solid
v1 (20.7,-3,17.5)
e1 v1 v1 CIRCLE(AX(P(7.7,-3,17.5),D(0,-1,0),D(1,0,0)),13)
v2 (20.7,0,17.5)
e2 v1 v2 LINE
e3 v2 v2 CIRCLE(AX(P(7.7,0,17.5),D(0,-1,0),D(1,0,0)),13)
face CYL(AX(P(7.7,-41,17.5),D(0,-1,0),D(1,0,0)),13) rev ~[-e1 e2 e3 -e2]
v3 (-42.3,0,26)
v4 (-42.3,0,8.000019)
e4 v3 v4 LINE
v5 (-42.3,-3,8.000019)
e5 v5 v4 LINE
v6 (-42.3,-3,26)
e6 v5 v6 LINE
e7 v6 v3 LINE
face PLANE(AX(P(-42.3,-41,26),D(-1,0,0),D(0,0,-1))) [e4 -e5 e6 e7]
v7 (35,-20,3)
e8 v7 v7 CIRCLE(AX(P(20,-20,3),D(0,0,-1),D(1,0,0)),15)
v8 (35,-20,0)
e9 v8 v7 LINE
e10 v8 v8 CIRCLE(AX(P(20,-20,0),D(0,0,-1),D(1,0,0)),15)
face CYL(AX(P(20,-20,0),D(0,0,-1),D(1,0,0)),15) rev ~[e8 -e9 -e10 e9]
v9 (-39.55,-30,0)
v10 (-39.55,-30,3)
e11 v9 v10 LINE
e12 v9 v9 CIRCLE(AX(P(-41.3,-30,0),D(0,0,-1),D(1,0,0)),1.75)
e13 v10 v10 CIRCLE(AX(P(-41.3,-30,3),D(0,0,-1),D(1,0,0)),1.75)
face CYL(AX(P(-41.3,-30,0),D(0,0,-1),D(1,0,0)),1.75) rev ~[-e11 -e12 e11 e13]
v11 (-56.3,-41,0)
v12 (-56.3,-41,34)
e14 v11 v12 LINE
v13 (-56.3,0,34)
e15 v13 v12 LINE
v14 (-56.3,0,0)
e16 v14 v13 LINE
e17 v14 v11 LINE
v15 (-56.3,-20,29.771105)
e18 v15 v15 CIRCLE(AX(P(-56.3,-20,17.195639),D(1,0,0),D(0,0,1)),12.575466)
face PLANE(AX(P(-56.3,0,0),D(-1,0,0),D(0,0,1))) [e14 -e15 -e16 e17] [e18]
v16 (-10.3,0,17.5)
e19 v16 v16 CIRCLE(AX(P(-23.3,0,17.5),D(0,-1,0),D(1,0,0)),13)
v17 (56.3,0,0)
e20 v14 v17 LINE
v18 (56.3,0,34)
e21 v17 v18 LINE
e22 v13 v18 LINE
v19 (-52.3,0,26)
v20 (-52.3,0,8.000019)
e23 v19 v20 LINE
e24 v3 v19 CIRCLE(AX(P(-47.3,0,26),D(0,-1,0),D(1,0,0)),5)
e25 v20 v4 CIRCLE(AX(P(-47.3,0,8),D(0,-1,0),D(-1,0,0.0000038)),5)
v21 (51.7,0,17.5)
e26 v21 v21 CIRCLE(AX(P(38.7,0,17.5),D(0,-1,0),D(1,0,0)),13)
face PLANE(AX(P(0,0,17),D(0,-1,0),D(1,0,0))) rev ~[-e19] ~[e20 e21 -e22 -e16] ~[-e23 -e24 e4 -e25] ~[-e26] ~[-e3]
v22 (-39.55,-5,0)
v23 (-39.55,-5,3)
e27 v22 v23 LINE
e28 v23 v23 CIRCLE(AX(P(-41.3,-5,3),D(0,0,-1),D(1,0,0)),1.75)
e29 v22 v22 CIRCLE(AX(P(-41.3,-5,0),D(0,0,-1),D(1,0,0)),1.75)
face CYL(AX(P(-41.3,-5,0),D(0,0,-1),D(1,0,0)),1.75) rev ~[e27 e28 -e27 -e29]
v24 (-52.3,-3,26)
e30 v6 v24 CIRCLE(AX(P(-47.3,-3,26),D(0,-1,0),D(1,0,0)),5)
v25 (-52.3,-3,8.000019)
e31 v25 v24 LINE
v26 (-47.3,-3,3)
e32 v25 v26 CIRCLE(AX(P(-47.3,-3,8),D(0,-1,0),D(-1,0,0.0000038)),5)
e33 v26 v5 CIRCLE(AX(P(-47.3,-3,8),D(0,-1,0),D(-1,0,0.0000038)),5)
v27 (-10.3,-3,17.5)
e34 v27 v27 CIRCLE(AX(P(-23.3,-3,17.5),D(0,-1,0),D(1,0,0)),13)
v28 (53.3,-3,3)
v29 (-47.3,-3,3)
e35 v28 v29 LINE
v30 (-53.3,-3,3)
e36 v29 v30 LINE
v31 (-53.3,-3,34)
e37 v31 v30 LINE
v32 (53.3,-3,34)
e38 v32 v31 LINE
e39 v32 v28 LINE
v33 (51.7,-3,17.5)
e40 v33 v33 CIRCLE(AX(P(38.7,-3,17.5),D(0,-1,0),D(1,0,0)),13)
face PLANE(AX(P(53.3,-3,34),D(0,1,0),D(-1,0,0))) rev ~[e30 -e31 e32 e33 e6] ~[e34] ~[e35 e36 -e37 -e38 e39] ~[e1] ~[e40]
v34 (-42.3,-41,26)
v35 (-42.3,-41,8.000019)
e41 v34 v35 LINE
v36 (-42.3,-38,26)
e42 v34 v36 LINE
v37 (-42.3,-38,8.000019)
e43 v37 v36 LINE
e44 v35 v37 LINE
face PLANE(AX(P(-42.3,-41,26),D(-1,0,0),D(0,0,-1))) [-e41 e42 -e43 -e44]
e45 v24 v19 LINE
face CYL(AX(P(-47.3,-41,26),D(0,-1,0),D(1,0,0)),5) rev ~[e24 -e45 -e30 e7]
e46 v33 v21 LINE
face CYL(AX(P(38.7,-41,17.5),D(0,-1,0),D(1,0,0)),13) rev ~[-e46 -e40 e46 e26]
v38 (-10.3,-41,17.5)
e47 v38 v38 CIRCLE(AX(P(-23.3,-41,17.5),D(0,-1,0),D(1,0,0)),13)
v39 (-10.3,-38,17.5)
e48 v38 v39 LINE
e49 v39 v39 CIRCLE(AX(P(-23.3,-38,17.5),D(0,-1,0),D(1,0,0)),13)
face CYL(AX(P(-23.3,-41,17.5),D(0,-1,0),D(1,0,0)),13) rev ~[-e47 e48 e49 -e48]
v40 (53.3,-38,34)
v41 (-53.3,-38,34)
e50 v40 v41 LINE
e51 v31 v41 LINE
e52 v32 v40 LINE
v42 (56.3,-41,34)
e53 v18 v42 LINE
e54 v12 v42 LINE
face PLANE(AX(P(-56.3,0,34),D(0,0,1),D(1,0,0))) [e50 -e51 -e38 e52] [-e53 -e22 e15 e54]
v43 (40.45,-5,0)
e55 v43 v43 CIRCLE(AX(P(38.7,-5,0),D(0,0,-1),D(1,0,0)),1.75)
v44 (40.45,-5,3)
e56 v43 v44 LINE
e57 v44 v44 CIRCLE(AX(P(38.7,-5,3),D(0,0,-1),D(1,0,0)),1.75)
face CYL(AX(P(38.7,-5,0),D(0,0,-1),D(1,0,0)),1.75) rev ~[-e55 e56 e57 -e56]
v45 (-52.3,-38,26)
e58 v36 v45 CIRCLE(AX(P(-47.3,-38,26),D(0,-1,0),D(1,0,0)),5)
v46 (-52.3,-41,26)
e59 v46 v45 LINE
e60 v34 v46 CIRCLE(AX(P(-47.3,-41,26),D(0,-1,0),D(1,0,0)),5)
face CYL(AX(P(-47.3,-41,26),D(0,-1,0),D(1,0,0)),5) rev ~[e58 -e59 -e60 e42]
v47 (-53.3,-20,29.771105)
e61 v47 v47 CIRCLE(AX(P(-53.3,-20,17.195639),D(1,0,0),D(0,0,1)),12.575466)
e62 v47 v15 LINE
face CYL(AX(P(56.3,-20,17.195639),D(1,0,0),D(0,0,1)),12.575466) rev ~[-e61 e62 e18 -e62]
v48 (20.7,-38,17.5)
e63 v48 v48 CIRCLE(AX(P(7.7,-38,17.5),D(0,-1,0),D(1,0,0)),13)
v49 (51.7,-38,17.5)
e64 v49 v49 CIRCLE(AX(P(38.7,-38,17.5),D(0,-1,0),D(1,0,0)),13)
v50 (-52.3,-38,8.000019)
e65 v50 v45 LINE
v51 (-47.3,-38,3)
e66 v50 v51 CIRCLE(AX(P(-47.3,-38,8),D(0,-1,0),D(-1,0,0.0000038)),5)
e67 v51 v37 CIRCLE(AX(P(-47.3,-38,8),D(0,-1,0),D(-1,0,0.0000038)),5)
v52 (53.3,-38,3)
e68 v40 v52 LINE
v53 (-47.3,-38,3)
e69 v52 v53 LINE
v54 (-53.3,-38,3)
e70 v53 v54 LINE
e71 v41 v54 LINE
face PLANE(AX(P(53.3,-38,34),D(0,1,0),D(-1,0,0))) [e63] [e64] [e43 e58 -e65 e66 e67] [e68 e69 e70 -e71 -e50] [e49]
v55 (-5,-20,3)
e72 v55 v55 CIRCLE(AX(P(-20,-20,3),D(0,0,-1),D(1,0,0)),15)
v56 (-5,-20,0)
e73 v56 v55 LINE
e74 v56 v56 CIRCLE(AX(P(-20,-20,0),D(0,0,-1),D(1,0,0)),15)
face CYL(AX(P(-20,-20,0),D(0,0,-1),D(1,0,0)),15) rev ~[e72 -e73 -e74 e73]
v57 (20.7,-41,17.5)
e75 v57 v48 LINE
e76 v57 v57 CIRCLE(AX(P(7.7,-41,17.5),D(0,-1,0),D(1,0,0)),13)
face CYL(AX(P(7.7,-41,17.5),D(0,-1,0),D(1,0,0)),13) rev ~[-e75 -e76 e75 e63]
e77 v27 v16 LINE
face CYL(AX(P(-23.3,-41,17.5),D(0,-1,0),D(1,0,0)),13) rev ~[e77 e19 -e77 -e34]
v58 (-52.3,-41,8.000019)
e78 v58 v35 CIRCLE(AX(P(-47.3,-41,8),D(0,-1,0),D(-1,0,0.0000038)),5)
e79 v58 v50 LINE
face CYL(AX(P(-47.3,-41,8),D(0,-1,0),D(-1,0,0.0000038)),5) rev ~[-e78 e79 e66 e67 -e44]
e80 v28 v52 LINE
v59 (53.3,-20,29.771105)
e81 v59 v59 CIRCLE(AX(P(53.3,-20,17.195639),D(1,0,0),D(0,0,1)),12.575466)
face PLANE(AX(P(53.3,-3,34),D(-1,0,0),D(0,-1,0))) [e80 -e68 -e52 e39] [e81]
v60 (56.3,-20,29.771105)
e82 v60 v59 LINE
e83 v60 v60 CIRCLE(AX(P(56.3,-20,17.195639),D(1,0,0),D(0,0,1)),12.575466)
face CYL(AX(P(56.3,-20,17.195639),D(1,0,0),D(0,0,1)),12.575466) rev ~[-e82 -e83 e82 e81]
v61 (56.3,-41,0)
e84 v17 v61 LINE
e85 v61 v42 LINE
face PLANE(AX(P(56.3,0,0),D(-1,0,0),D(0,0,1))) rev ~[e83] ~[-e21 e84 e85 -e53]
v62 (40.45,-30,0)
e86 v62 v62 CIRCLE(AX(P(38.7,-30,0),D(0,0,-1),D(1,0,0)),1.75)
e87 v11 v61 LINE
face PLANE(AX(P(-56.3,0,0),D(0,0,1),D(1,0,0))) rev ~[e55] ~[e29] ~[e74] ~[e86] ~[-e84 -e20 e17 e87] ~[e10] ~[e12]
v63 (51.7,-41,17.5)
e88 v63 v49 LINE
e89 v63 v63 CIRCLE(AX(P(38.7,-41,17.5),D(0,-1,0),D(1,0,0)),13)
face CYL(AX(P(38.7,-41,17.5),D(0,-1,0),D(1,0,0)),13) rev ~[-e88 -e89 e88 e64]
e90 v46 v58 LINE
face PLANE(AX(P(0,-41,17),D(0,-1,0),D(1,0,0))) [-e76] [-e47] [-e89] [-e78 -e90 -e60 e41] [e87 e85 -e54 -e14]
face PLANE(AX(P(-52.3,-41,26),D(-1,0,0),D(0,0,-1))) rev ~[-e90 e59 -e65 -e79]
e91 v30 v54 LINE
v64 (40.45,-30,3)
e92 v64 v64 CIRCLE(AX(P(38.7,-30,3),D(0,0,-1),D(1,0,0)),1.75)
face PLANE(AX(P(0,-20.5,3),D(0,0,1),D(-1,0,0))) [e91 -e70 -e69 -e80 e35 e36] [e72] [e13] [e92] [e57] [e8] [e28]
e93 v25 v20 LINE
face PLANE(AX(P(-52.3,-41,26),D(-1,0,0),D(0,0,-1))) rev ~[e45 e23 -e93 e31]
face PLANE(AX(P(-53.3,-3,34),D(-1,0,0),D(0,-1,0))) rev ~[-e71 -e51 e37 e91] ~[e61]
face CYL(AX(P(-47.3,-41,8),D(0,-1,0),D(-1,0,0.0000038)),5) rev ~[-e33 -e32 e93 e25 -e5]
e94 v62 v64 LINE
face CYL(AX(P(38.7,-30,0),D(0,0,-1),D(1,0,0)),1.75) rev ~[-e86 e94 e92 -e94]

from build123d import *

# Parameters (mm, degrees)
SKETCH_W        = 112.6
SKETCH_H        = 34
PAD_DEPTH       = 41
SKETCH005_W     = 106.6
SKETCH005_H     = 35
POCKET_DEPTH    = 31
SKETCH007_R     = 13
POCKET001_DEPTH = 41.001
SKETCH006_R     = 1.75
SKETCH006_R_2   = 15
POCKET002_DEPTH = 5
SKETCH008_R     = 12.575466
POCKET003_DEPTH = 112.601


with BuildPart() as part:
    # Sketch → Pad (new body)
    with BuildSketch(Plane.XZ):
        with Locations((0, 17)):
            Rectangle(SKETCH_W, SKETCH_H)
    extrude(amount=PAD_DEPTH)

    # Sketch005 → Pocket (cut)
    with BuildSketch(Plane(origin=(0, 0, 34), x_dir=(-1, 0, 0), z_dir=(0, 0, 1))):
        with Locations((0, 20.5)):
            Rectangle(SKETCH005_W, SKETCH005_H)
    extrude(amount=-POCKET_DEPTH, mode=Mode.SUBTRACT)

    # Sketch007 → Pocket001 (cut, through all)
    with BuildSketch(Plane.XZ.offset(41)):
        with Locations((-23.3, 17.5)):
            Circle(SKETCH007_R)
        with Locations((7.7, 17.5)):
            Circle(SKETCH007_R)
        with Locations((38.7, 17.5)):
            Circle(SKETCH007_R)
        with BuildLine():
            ThreePointArc((-42.3, 26), (-47.3, 31), (-52.3, 26))
            Line((-52.3, 26), (-52.3, 8.000019))
            ThreePointArc((-52.3, 8.000019), (-47.3, 3), (-42.3, 8.000019))
            Line((-42.3, 26), (-42.3, 8.000019))
        make_face()
    extrude(amount=-POCKET001_DEPTH, mode=Mode.SUBTRACT)

    # Sketch006 → Pocket002 (cut)
    with BuildSketch(Plane(origin=(0, 0, 0), x_dir=(1, 0, 0), z_dir=(0, 0, -1))):
        with Locations((-41.3, 30)):
            Circle(SKETCH006_R)
        with Locations((38.7, 30)):
            Circle(SKETCH006_R)
        with Locations((-41.3, 5)):
            Circle(SKETCH006_R)
        with Locations((38.7, 5)):
            Circle(SKETCH006_R)
        with Locations((-20, 20)):
            Circle(SKETCH006_R_2)
        with Locations((20, 20)):
            Circle(SKETCH006_R_2)
    extrude(amount=-POCKET002_DEPTH, mode=Mode.SUBTRACT)

    # Sketch008 → Pocket003 (cut, through all)
    with BuildSketch(Plane(origin=(56.3, 0, 0), x_dir=(0, 0, 1), z_dir=(1, 0, 0))):
        with Locations((17.195639, 20)):
            Circle(SKETCH008_R)
    extrude(amount=-POCKET003_DEPTH, mode=Mode.SUBTRACT)


solid = part.part
